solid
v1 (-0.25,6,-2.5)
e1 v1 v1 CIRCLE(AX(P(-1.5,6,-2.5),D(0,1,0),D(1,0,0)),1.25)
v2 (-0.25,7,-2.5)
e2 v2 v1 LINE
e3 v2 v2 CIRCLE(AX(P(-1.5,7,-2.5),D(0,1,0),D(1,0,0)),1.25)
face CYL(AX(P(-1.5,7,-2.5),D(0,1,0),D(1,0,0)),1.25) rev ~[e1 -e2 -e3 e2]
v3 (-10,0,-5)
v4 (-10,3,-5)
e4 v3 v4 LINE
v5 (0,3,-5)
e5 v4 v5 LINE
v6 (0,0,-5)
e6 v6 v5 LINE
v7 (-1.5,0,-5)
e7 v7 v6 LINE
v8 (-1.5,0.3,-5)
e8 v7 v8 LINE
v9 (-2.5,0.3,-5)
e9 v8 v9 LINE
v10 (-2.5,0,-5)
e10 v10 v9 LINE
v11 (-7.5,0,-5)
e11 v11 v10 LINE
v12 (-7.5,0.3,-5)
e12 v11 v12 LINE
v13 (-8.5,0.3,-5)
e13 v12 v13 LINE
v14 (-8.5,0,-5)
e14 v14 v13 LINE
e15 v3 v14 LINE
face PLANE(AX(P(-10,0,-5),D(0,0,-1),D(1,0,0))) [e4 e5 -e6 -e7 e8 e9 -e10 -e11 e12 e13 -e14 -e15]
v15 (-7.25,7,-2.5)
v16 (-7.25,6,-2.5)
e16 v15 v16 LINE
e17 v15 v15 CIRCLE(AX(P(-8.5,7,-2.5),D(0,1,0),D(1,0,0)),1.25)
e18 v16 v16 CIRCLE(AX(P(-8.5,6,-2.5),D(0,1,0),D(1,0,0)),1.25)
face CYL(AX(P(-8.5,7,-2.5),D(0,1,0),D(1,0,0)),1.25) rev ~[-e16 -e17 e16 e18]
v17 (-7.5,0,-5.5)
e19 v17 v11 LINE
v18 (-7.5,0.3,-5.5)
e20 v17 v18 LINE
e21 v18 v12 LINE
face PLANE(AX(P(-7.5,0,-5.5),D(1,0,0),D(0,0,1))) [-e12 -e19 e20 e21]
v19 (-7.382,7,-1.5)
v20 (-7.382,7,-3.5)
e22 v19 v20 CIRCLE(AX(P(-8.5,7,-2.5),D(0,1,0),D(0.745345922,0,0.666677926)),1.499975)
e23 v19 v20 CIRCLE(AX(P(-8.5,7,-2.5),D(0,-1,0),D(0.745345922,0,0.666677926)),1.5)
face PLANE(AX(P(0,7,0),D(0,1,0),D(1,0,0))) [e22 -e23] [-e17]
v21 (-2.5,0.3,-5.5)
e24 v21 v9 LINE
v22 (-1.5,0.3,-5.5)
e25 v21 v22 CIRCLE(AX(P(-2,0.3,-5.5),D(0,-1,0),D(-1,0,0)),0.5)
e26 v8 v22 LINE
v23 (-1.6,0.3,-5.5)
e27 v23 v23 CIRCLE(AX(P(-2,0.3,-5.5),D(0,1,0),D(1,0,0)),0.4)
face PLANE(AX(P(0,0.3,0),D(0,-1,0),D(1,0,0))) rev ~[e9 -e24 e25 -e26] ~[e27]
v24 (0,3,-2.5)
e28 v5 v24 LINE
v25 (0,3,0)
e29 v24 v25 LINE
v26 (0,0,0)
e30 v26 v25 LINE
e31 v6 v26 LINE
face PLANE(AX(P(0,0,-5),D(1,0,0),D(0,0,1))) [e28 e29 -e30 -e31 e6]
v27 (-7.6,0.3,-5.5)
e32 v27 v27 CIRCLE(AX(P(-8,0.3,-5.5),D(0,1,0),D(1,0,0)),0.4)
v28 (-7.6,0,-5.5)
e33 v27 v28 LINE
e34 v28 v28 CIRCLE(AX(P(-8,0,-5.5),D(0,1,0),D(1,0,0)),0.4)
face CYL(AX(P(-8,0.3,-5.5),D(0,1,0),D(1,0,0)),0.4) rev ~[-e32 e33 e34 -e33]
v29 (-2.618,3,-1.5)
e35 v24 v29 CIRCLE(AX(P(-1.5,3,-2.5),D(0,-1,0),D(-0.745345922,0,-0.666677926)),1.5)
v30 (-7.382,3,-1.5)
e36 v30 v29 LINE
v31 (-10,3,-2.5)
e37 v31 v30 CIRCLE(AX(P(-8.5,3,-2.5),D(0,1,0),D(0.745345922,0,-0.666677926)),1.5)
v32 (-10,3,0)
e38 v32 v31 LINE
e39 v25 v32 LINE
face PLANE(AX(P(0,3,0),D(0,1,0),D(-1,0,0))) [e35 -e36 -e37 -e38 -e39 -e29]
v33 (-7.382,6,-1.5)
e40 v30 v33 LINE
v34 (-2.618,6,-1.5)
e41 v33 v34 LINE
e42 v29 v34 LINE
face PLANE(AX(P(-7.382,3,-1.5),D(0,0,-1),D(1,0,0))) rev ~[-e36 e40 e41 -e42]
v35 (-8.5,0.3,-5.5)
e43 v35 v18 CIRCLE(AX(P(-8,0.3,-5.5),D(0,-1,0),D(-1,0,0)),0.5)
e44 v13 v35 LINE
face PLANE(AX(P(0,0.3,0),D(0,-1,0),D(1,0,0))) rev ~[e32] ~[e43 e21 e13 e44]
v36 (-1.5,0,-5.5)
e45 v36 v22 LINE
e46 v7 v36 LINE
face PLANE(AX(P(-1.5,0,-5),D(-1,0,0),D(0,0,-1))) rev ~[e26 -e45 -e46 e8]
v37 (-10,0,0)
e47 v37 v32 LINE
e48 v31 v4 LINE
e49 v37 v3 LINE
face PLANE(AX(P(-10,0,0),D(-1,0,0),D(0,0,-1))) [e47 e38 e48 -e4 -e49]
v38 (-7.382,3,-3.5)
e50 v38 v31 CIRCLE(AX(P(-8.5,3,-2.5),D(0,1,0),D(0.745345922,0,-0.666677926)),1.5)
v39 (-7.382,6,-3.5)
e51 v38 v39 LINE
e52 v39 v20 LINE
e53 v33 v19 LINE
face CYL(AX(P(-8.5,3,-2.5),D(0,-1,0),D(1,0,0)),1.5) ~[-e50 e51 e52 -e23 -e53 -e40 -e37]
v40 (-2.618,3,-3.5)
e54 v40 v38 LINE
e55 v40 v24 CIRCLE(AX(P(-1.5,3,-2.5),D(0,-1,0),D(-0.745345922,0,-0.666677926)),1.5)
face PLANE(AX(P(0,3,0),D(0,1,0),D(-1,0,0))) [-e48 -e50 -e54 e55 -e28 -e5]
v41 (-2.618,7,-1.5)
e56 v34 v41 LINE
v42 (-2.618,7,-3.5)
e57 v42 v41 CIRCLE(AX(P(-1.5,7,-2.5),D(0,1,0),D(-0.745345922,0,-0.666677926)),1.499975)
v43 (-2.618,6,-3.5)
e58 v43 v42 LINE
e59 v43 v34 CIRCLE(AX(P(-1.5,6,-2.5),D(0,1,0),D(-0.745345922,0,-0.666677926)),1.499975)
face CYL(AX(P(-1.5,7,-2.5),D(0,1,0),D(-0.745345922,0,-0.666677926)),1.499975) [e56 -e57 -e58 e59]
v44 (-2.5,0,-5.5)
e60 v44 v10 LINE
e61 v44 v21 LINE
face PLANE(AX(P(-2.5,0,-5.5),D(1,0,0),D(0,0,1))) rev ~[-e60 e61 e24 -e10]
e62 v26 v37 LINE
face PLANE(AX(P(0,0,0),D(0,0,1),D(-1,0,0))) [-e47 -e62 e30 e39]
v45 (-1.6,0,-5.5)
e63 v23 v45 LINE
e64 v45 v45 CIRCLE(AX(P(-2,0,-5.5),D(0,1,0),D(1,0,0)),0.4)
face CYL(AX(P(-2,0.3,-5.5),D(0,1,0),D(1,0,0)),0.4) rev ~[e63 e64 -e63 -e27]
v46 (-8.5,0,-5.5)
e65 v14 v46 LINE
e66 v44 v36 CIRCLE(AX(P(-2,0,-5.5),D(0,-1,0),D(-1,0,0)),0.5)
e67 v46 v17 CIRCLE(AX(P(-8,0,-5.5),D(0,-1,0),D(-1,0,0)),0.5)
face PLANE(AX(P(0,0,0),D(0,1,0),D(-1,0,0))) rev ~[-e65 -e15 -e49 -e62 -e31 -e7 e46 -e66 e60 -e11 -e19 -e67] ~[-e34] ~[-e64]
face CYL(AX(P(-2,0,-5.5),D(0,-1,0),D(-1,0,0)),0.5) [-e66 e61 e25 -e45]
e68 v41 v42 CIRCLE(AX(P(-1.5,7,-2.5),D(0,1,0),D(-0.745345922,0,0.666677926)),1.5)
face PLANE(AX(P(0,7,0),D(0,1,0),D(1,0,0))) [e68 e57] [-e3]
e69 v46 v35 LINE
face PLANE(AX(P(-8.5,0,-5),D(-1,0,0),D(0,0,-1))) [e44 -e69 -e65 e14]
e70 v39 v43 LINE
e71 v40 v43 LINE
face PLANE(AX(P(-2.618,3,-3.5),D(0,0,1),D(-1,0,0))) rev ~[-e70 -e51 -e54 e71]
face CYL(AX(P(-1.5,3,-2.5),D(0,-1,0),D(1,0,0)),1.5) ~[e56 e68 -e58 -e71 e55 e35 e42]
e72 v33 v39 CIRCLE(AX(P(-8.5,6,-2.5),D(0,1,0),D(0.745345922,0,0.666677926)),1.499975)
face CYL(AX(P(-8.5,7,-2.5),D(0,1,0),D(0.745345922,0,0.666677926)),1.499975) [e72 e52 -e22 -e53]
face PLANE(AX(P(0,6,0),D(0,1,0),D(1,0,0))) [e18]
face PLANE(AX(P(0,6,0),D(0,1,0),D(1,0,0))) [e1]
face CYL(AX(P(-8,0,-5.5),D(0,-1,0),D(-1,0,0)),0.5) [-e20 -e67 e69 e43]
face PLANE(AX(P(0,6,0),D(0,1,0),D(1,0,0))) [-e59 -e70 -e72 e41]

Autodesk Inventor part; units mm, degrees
ref_plane "YZ Plane" through (0, 0, 0) normal (1, 0, 0) x (0, 1, 0)
ref_plane "XZ Plane" through (0, 0, 0) normal (0, 1, 0) x (-1, 0, 0)
ref_plane "XY Plane" through (0, 0, 0) normal (0, 0, 1) x (1, 0, 0)
sketch "Sketch1" plane through (0, 0, 0) normal (0, 1, 0) x (-1, 0, 0)
  point P0 (0, 0)
sketch "Sketch2" plane through (0, 0, 0) normal (0, 1, 0) x (-1, 0, 0)
  line L0 (0, 0) -> (10, 0)
  line L1 (10, 0) -> (10, -5)
  line L2 (10, -5) -> (0, -5)
  line L3 (0, -5) -> (0, 0)
  dimension "d0" = 10
  dimension "d1" = 5
extrude "Extrusion1" add sketch "Sketch2" along normal blind 3
sketch "Sketch3" plane through (0, 3, 0) normal (0, 1, 0) x (1, 0, 0)
  line L0 (-10, 5) -> (-10, 0) projected
  line L1 (-10, 2.5) -> (0, 2.5)
  line L2 (-10, 2.5) -> (-8.5, 2.5)
  line L3 (0, 2.5) -> (-1.5, 2.5)
  circle A0 centre (-8.5, 2.5) radius 1.5
  circle A1 centre (-1.5, 2.5) radius 1.5
  line L4 (0, 0) -> (0, 5) projected
  line L5 (-7.382, 1.5) -> (-2.618, 1.5)
  line L6 (-2.618, 3.5) -> (-7.382, 3.5)
extrude "Extrusion2" add sketch "Sketch3" along normal blind 4
sketch "Sketch4" plane through (0, 7, 0) normal (0, 1, 0) x (1, 0, 0)
  arc A0 (-10, 2.5) -> (-7.382, 1.5) centre (-8.5, 2.5) ccw projected
  circle A1 centre (-8.5, 2.5) radius 1.25
  arc A2 (-2.618, 1.5) -> (-2.618, 3.5) centre (-1.5, 2.5) ccw projected
  circle A3 centre (-1.5, 2.5) radius 1.25
  arc A4 (-2.618, 3.5) -> (-2.618, 1.5) centre (-1.5, 2.5) ccw
  arc A5 (-7.382, 1.5) -> (-7.382, 3.5) centre (-8.5, 2.5) ccw
  line L0 (-7.382, 1.5) -> (-2.618, 1.5)
  line L1 (-7.382, 3.5) -> (-2.618, 3.5)
  point P0 (0, 0)
extrude "Extrusion3" cut sketch "Sketch4" against normal blind 1 contours A1 | L0 A5 L1 A4 | A3
sketch "Sketch5" plane through (0, 0, 0) normal (0, -1, 0) x (1, 0, 0)
  line L0 (0, -5) -> (-10, -5) projected
  line L1 (0, -5) -> (-2, -5)
  line L2 (-10, -5) -> (-8, -5)
  line L3 (-2, -5) -> (-1.5, -5)
  line L4 (-1.5, -5) -> (-1.5, -5.5)
  line L5 (-2.5, -5.5) -> (-2.5, -5)
  line L6 (-2.5, -5) -> (-2, -5)
  line L7 (-8, -5) -> (-8.5, -5)
  line L8 (-8.5, -5) -> (-8.5, -5.5)
  line L9 (-7.5, -5.5) -> (-7.5, -5)
  line L10 (-7.5, -5) -> (-8, -5)
  arc A0 (-2.5, -5.5) -> (-1.5, -5.5) centre (-2, -5.5) ccw
  arc A1 (-8.5, -5.5) -> (-7.5, -5.5) centre (-8, -5.5) ccw
  point P0 (0, 0)
  dimension "d19" = 2
extrude "Extrusion4" add sketch "Sketch5" against normal blind 0.3
sketch "Sketch6" plane through (0, 0.3, 0) normal (0, 1, 0) x (1, 0, 0)
  arc A0 (-1.5, 5.5) -> (-2.5, 5.5) centre (-2, 5.5) ccw projected
  circle A1 centre (-2, 5.5) radius 0.4
  arc A2 (-7.5, 5.5) -> (-8.5, 5.5) centre (-8, 5.5) ccw projected
  circle A3 centre (-8, 5.5) radius 0.4
  point P0 (0, 0)
  dimension "d30" = 0.8
  dimension "d31" = 0.8
extrude "Extrusion5" cut sketch "Sketch6" against normal blind 0.3
thread "Thread1" size "M0.3x0.08" class "6H" standard "ISO Metric profile" full length
thread "Thread2" size "M0.3x0.08" class "6H" standard "ANSI Metric M Profile" full length
properties part number "distanceSensor"
